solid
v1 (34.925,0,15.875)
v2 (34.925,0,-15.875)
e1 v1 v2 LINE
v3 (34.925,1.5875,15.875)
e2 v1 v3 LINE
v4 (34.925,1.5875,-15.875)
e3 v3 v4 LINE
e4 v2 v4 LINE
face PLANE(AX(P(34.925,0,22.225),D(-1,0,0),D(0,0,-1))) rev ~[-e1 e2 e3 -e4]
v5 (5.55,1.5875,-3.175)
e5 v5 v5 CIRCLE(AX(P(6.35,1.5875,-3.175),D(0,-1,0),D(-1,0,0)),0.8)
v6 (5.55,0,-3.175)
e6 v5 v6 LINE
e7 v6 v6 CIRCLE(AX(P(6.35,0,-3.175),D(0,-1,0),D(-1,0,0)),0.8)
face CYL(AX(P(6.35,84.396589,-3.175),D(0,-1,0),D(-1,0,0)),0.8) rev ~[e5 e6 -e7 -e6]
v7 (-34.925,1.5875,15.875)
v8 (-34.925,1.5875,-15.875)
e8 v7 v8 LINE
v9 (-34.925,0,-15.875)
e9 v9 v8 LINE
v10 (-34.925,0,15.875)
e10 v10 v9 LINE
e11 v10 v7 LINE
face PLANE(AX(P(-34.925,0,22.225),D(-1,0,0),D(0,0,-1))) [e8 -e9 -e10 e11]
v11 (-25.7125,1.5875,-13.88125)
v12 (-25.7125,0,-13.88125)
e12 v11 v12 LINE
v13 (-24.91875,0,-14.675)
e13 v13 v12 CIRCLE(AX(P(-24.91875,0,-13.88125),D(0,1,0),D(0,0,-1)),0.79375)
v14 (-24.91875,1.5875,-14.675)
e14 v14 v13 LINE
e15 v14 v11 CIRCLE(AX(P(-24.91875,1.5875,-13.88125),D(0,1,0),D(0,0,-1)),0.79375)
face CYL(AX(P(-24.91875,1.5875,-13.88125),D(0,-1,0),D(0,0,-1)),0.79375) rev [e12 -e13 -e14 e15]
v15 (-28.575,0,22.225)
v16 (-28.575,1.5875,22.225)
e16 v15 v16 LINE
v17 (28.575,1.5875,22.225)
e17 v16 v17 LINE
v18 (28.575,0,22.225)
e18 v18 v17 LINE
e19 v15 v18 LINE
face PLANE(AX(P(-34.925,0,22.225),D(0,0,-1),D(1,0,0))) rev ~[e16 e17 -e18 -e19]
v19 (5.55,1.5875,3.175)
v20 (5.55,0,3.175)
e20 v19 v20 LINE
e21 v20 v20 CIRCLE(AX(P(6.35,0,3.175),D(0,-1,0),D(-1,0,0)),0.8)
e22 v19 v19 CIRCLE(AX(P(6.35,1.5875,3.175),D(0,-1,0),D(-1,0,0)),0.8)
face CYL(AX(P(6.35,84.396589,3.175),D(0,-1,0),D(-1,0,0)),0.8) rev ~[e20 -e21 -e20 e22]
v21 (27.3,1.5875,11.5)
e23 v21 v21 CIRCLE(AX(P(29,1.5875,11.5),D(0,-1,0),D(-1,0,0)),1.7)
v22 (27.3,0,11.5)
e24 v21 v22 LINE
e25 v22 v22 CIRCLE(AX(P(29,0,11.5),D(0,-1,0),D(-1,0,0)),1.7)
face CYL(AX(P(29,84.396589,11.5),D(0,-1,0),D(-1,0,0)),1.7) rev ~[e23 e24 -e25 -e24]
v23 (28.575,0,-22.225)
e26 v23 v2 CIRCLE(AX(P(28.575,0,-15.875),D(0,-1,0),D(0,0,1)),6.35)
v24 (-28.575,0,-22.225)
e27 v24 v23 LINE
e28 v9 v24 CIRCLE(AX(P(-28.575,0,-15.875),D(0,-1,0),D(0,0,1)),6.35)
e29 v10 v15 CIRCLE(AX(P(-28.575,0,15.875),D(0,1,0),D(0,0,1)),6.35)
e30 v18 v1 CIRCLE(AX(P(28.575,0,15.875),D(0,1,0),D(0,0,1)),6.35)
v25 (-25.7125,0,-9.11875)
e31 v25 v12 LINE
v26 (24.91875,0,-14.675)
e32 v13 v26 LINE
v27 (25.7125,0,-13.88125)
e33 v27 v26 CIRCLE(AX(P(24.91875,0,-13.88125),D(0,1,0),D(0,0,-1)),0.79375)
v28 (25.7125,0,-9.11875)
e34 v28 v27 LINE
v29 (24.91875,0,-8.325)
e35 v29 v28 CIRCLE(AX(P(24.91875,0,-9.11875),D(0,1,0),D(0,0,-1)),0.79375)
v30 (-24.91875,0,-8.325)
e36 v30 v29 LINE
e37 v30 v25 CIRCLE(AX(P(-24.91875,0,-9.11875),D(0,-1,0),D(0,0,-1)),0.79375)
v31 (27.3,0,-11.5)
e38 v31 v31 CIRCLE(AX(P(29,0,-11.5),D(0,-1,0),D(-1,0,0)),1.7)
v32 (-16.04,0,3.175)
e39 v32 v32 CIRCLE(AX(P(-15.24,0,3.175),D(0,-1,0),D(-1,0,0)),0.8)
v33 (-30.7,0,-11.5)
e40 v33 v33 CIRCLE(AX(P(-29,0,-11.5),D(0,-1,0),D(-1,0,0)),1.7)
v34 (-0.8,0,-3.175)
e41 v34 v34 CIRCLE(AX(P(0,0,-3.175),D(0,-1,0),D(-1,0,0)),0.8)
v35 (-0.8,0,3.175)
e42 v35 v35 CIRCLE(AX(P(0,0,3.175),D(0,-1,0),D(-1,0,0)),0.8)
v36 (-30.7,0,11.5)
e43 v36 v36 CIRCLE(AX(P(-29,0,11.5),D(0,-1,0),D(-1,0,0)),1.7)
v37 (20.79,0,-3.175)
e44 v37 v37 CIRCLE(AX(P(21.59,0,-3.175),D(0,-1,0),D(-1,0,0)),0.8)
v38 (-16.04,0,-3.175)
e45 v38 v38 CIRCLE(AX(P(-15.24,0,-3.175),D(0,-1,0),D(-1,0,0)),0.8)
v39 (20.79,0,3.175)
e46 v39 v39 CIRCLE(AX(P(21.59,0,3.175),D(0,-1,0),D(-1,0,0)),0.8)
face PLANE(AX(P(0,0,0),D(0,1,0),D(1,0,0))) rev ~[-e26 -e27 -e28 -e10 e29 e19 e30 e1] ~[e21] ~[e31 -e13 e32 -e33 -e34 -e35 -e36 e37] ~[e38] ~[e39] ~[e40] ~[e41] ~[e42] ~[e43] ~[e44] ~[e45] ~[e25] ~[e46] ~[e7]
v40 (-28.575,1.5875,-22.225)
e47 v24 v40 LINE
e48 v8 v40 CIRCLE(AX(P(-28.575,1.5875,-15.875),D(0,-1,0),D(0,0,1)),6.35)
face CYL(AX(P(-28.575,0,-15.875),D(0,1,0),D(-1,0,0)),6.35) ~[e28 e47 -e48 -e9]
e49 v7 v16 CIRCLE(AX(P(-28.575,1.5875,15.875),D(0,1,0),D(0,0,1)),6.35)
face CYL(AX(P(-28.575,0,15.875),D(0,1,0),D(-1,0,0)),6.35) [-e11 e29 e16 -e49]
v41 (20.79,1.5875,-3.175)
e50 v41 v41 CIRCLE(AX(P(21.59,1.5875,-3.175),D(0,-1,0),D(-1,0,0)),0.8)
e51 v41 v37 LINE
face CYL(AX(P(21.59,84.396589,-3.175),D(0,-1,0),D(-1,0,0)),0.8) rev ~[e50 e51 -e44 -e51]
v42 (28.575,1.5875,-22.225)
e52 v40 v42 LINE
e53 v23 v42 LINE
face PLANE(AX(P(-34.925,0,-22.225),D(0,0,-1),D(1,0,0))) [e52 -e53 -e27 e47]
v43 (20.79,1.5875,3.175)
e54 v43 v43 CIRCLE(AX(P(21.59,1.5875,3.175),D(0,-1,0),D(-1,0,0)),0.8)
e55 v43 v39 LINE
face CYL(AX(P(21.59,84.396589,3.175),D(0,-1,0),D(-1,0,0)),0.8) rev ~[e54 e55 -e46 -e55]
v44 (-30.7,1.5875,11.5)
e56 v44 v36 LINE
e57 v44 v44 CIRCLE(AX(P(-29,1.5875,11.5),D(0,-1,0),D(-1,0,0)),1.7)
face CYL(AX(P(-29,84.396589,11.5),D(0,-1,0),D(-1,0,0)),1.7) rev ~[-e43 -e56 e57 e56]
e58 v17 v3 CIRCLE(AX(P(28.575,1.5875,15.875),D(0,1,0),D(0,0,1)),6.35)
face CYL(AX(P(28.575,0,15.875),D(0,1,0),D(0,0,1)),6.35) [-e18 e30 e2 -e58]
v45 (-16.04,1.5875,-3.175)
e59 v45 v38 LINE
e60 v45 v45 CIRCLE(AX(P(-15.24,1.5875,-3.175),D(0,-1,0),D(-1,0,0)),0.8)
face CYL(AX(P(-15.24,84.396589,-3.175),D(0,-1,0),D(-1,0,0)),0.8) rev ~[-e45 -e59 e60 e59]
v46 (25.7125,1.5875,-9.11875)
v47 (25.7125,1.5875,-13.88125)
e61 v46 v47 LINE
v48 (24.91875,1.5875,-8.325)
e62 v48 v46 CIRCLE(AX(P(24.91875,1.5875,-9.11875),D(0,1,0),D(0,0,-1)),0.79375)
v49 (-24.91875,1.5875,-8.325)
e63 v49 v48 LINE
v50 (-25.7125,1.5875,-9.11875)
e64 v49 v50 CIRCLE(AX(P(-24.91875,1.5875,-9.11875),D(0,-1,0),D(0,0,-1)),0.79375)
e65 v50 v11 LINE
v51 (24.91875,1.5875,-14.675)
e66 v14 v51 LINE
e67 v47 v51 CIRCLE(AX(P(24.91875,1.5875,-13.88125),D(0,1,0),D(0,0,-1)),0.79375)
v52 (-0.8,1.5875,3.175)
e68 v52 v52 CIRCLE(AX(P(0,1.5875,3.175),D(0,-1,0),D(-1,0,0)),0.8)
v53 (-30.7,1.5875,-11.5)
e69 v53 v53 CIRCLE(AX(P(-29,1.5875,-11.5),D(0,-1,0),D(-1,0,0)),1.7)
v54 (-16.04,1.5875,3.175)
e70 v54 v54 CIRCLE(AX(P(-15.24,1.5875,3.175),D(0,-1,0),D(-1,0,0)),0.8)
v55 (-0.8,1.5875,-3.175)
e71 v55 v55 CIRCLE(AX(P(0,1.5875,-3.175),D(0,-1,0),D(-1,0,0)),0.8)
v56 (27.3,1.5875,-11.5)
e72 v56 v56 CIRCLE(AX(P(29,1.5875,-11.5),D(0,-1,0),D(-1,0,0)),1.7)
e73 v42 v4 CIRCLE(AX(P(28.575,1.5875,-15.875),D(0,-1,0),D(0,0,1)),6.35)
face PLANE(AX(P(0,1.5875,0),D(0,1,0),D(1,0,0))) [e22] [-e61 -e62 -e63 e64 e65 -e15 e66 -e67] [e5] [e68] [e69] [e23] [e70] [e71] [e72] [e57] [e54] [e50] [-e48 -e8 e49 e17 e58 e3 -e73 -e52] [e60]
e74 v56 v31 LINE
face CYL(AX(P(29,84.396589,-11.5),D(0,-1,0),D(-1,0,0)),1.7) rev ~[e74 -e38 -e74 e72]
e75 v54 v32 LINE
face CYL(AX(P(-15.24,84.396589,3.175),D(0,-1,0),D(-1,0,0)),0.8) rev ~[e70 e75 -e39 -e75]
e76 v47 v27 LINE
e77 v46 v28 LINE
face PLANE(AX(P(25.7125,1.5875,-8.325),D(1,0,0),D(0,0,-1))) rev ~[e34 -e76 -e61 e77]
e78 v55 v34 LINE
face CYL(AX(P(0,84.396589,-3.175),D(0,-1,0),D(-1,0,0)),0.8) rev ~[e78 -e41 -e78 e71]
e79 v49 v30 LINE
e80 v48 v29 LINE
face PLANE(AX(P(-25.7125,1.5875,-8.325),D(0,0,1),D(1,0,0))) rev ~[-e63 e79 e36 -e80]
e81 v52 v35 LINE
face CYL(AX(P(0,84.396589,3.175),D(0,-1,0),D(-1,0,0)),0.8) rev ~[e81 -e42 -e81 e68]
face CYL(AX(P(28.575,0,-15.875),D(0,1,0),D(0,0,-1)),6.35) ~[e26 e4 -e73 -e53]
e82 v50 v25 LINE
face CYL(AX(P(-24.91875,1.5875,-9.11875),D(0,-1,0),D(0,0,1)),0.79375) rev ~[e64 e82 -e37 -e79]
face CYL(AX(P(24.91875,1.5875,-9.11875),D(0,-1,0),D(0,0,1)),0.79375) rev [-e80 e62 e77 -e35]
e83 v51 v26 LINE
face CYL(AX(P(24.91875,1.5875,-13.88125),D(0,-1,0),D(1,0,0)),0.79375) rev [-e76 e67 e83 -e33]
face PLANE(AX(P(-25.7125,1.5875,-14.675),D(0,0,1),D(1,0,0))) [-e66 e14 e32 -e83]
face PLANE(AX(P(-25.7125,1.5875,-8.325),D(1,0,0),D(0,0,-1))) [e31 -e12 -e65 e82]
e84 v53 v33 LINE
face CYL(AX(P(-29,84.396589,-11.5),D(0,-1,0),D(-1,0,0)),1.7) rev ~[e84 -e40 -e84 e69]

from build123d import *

# Parameters (mm, degrees)
SKETCH3_W                   = 69.85
SKETCH3_H                   = 44.45
BOSS_EXTRUDE1_DEPTH         = 1.5875
M3_CLEARANCE_HOLE1_D        = 3.4
TAP_DRILL_FOR_M2X0_4_TAP1_D = 1.6
FILLET1_R                   = 6.35
SKETCH8_W                   = 51.425
SKETCH8_H                   = 6.35
CUT_EXTRUDE1_DEPTH          = 2.5875
FILLET2_R                   = 0.79375


with BuildPart() as part:
    # Sketch3 → Boss-Extrude1 (new body)
    with BuildSketch(Plane(origin=(0, 0, 0), x_dir=(1, 0, 0), z_dir=(0, 1, 0))):
        Rectangle(SKETCH3_W, SKETCH3_H)
    extrude(amount=BOSS_EXTRUDE1_DEPTH)

    # M3 Clearance Hole1 (through all)
    with Locations(Plane(origin=(0, 1.5875, 0), x_dir=(1, 0, 0), z_dir=(0, 1, 0))):
        with Locations((-29, 11.5), (-29, -11.5), (29, -11.5), (29, 11.5)):
            Hole(M3_CLEARANCE_HOLE1_D / 2)

    # Tap Drill for M2x0.4 Tap1 (through all)
    with Locations(Plane(origin=(0, 1.5875, 0), x_dir=(1, 0, 0), z_dir=(0, 1, 0))):
        with Locations((21.59, -3.175), (-15.24, 3.175), (0, 3.175), (-15.24, -3.175), (0, -3.175), (6.35, 3.175), (21.59, 3.175), (6.35, -3.175)):
            Hole(TAP_DRILL_FOR_M2X0_4_TAP1_D / 2)

    # Fillet1
    fillet1_edges = [part.edges().sort_by_distance(p)[0] for p in [
        (34.925, 0.79375, 22.225),
        (-34.925, 0.79375, 22.225),
        (-34.925, 0.79375, -22.225),
        (34.925, 0.79375, -22.225),
    ]]
    fillet(fillet1_edges, radius=FILLET1_R)

    # Sketch8 → Cut-Extrude1 (cut, through all)
    with BuildSketch(Plane(origin=(0, 1.5875, 0), x_dir=(1, 0, 0), z_dir=(0, 1, 0))):
        with Locations((0, 11.5)):
            Rectangle(SKETCH8_W, SKETCH8_H)
    extrude(amount=-CUT_EXTRUDE1_DEPTH, mode=Mode.SUBTRACT)

    # Fillet2
    fillet2_edges = [part.edges().sort_by_distance(p)[0] for p in [
        (-25.7125, 0.79375, -8.325),
        (-25.7125, 0.79375, -14.675),
        (25.7125, 0.79375, -14.675),
        (25.7125, 0.79375, -8.325),
    ]]
    fillet(fillet2_edges, radius=FILLET2_R)


solid = part.part
